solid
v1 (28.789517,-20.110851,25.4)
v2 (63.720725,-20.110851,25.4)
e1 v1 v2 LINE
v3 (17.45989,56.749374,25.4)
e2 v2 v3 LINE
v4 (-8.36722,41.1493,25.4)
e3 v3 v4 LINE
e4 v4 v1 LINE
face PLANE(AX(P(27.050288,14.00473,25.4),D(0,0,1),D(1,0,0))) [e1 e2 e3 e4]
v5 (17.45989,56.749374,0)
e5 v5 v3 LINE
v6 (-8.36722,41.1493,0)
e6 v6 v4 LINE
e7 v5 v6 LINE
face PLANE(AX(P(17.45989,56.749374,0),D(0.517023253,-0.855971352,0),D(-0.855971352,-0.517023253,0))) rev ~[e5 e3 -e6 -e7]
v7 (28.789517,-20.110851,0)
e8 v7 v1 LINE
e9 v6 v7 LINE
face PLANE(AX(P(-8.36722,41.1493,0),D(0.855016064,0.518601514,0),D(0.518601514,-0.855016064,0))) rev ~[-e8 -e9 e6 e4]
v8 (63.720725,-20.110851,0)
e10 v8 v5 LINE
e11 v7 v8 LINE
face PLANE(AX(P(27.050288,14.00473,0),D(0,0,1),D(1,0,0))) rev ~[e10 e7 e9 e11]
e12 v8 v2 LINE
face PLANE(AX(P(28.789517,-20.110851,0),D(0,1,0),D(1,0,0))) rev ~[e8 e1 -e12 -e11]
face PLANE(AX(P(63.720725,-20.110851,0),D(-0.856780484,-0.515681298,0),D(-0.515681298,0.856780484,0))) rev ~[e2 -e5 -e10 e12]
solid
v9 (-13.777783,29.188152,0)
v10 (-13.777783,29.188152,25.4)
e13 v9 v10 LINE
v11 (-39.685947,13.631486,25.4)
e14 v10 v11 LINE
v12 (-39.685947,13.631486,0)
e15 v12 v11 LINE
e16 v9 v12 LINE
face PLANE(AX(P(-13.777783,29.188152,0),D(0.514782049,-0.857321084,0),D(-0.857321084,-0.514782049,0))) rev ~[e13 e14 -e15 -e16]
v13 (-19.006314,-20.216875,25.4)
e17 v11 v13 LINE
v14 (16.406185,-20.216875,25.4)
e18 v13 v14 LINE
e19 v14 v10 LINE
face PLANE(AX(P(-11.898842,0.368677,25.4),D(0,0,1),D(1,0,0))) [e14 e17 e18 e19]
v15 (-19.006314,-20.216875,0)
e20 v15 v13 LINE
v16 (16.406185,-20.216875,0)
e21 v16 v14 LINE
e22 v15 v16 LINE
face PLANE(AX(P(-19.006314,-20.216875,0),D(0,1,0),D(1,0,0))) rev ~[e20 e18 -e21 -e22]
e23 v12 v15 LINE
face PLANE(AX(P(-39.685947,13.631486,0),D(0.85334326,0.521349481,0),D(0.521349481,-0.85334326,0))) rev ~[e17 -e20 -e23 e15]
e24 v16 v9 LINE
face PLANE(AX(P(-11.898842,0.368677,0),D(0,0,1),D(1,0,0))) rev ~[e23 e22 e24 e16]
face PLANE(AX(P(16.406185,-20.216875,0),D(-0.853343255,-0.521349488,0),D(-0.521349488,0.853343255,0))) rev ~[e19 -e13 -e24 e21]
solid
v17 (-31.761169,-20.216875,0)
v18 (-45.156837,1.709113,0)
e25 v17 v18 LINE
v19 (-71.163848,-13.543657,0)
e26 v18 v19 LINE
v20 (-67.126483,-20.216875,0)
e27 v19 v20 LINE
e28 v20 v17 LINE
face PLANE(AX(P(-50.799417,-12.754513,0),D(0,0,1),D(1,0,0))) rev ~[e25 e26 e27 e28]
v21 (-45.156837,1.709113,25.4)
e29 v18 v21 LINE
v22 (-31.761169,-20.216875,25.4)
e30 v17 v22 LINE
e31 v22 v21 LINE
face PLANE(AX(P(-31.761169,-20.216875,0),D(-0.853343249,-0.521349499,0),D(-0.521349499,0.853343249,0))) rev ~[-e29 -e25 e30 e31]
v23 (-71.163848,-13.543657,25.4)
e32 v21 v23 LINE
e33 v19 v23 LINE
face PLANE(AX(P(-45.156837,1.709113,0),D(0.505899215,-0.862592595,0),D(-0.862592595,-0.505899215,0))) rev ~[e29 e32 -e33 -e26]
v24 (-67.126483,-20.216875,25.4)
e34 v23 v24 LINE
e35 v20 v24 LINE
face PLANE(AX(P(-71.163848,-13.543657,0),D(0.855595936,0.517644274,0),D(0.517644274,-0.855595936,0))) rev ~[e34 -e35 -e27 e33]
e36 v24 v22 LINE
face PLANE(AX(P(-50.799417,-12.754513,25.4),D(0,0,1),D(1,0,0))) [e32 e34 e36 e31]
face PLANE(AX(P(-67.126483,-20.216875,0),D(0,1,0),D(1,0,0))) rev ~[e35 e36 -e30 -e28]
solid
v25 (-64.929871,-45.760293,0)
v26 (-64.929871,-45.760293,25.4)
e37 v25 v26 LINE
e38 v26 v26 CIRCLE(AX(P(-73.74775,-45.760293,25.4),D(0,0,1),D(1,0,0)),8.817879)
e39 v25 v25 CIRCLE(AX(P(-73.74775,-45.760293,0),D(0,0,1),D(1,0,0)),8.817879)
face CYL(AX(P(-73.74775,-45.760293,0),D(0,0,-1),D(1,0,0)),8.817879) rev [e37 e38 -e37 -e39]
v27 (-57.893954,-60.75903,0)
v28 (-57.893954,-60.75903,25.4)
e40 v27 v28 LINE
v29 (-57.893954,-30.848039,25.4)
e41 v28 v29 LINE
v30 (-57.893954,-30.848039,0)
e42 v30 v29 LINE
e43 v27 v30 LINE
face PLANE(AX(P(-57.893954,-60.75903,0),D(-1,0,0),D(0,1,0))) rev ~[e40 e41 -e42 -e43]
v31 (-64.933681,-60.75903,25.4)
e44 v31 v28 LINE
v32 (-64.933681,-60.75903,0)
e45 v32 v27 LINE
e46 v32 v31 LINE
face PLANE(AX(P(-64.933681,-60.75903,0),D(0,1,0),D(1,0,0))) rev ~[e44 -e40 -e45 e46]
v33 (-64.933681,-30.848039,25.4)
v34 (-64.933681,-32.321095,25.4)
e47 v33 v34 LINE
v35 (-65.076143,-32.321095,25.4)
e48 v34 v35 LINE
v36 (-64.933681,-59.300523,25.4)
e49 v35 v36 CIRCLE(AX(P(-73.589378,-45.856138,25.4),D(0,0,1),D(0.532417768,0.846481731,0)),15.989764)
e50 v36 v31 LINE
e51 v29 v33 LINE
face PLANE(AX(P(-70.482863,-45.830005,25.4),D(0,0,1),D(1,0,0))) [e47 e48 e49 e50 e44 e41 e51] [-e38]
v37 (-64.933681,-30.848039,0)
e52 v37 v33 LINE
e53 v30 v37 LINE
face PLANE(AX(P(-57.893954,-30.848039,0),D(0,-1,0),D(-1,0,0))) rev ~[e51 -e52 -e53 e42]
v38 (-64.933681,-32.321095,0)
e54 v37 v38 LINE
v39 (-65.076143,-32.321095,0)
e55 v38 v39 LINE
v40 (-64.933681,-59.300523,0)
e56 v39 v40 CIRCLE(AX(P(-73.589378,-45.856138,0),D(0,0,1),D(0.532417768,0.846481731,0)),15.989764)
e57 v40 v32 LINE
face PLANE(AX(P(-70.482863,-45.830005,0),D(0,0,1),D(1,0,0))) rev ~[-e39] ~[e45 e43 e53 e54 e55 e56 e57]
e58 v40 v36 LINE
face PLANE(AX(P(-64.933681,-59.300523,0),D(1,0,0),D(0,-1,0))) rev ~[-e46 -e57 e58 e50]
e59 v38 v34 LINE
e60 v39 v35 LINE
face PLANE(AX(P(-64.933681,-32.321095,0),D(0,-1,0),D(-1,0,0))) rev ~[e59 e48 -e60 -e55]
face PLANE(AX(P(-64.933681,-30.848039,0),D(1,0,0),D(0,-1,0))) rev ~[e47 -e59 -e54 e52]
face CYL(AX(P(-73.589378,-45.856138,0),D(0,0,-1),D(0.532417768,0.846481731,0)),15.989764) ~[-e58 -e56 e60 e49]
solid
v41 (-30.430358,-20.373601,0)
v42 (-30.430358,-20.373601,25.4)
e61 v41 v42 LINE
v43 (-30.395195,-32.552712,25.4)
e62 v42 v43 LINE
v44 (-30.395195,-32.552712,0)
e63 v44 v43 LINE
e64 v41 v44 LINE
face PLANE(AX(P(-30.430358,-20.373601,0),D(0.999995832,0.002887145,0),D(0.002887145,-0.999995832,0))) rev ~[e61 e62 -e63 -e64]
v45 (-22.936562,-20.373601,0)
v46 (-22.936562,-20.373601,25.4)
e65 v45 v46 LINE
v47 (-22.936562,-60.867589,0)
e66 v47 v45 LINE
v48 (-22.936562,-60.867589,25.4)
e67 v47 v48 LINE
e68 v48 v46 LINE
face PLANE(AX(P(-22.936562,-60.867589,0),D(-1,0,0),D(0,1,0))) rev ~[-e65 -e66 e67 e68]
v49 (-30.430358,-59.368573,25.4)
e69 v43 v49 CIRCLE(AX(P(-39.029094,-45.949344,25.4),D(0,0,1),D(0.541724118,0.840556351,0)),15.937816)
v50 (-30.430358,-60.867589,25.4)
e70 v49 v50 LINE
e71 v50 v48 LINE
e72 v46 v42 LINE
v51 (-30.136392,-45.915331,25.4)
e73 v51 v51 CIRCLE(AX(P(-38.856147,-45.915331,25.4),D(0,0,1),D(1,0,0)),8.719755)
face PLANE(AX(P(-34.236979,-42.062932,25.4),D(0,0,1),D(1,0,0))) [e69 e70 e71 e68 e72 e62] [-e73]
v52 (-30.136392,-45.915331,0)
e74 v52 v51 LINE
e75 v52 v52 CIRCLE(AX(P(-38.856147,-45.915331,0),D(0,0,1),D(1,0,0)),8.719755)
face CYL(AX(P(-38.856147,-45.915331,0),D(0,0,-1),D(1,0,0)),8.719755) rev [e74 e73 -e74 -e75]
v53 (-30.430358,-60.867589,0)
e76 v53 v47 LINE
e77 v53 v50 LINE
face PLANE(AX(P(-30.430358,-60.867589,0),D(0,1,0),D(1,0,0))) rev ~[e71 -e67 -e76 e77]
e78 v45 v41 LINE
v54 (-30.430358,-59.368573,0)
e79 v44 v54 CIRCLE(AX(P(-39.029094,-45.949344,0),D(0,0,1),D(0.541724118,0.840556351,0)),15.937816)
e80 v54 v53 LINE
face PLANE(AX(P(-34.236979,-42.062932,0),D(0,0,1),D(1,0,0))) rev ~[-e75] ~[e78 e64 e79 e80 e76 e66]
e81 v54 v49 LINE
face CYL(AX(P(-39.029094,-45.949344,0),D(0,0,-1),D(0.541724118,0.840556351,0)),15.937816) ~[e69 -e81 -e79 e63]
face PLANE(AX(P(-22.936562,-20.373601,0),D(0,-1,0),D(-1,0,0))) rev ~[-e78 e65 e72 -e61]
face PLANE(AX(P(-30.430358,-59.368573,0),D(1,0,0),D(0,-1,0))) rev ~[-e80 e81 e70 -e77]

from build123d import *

# Parameters (mm, degrees)
F0_R     = 8.817879
F0_R_2   = 8.719755
F1_DEPTH = 25.4


with BuildPart() as f1:
    # F0 (on Top) → F1 (new body)
    with BuildSketch(Plane.XY):
        Polygon((63.720725, -20.110851), (17.45989, 56.749374), (-8.36722, 41.1493), (28.789517, -20.110851), align=None)
        Polygon((-31.761169, -20.216875), (-45.156837, 1.709113), (-71.163848, -13.543657), (-67.126483, -20.216875), align=None)
        Polygon((16.406185, -20.216875), (-13.777783, 29.188152), (-39.685947, 13.631486), (-19.006314, -20.216875), align=None)
        with BuildLine():
            Line((-64.933681, -32.321095), (-65.076143, -32.321095))
            ThreePointArc((-65.076143, -32.321095), (-89.578919, -45.94057), (-64.933681, -59.300523))
            Line((-64.933681, -59.300523), (-64.933681, -60.75903))
            Line((-64.933681, -60.75903), (-57.893954, -60.75903))
            Line((-57.893954, -60.75903), (-57.893954, -30.848039))
            Line((-57.893954, -30.848039), (-64.933681, -30.848039))
            Line((-64.933681, -30.848039), (-64.933681, -32.321095))
        make_face()
        with Locations((-73.74775, -45.760293)):
            Circle(F0_R, mode=Mode.SUBTRACT)
        with BuildLine():
            Line((-30.430358, -20.373601), (-30.395195, -32.552712))
            ThreePointArc((-30.395195, -32.552712), (-54.966896, -45.928445), (-30.430358, -59.368573))
            Line((-30.430358, -59.368573), (-30.430358, -60.867589))
            Line((-30.430358, -60.867589), (-22.936562, -60.867589))
            Line((-22.936562, -60.867589), (-22.936562, -20.373601))
            Line((-22.936562, -20.373601), (-30.430358, -20.373601))
        make_face()
        with Locations((-38.856147, -45.915331)):
            Circle(F0_R_2, mode=Mode.SUBTRACT)
    extrude(amount=F1_DEPTH)


solid = f1.part
